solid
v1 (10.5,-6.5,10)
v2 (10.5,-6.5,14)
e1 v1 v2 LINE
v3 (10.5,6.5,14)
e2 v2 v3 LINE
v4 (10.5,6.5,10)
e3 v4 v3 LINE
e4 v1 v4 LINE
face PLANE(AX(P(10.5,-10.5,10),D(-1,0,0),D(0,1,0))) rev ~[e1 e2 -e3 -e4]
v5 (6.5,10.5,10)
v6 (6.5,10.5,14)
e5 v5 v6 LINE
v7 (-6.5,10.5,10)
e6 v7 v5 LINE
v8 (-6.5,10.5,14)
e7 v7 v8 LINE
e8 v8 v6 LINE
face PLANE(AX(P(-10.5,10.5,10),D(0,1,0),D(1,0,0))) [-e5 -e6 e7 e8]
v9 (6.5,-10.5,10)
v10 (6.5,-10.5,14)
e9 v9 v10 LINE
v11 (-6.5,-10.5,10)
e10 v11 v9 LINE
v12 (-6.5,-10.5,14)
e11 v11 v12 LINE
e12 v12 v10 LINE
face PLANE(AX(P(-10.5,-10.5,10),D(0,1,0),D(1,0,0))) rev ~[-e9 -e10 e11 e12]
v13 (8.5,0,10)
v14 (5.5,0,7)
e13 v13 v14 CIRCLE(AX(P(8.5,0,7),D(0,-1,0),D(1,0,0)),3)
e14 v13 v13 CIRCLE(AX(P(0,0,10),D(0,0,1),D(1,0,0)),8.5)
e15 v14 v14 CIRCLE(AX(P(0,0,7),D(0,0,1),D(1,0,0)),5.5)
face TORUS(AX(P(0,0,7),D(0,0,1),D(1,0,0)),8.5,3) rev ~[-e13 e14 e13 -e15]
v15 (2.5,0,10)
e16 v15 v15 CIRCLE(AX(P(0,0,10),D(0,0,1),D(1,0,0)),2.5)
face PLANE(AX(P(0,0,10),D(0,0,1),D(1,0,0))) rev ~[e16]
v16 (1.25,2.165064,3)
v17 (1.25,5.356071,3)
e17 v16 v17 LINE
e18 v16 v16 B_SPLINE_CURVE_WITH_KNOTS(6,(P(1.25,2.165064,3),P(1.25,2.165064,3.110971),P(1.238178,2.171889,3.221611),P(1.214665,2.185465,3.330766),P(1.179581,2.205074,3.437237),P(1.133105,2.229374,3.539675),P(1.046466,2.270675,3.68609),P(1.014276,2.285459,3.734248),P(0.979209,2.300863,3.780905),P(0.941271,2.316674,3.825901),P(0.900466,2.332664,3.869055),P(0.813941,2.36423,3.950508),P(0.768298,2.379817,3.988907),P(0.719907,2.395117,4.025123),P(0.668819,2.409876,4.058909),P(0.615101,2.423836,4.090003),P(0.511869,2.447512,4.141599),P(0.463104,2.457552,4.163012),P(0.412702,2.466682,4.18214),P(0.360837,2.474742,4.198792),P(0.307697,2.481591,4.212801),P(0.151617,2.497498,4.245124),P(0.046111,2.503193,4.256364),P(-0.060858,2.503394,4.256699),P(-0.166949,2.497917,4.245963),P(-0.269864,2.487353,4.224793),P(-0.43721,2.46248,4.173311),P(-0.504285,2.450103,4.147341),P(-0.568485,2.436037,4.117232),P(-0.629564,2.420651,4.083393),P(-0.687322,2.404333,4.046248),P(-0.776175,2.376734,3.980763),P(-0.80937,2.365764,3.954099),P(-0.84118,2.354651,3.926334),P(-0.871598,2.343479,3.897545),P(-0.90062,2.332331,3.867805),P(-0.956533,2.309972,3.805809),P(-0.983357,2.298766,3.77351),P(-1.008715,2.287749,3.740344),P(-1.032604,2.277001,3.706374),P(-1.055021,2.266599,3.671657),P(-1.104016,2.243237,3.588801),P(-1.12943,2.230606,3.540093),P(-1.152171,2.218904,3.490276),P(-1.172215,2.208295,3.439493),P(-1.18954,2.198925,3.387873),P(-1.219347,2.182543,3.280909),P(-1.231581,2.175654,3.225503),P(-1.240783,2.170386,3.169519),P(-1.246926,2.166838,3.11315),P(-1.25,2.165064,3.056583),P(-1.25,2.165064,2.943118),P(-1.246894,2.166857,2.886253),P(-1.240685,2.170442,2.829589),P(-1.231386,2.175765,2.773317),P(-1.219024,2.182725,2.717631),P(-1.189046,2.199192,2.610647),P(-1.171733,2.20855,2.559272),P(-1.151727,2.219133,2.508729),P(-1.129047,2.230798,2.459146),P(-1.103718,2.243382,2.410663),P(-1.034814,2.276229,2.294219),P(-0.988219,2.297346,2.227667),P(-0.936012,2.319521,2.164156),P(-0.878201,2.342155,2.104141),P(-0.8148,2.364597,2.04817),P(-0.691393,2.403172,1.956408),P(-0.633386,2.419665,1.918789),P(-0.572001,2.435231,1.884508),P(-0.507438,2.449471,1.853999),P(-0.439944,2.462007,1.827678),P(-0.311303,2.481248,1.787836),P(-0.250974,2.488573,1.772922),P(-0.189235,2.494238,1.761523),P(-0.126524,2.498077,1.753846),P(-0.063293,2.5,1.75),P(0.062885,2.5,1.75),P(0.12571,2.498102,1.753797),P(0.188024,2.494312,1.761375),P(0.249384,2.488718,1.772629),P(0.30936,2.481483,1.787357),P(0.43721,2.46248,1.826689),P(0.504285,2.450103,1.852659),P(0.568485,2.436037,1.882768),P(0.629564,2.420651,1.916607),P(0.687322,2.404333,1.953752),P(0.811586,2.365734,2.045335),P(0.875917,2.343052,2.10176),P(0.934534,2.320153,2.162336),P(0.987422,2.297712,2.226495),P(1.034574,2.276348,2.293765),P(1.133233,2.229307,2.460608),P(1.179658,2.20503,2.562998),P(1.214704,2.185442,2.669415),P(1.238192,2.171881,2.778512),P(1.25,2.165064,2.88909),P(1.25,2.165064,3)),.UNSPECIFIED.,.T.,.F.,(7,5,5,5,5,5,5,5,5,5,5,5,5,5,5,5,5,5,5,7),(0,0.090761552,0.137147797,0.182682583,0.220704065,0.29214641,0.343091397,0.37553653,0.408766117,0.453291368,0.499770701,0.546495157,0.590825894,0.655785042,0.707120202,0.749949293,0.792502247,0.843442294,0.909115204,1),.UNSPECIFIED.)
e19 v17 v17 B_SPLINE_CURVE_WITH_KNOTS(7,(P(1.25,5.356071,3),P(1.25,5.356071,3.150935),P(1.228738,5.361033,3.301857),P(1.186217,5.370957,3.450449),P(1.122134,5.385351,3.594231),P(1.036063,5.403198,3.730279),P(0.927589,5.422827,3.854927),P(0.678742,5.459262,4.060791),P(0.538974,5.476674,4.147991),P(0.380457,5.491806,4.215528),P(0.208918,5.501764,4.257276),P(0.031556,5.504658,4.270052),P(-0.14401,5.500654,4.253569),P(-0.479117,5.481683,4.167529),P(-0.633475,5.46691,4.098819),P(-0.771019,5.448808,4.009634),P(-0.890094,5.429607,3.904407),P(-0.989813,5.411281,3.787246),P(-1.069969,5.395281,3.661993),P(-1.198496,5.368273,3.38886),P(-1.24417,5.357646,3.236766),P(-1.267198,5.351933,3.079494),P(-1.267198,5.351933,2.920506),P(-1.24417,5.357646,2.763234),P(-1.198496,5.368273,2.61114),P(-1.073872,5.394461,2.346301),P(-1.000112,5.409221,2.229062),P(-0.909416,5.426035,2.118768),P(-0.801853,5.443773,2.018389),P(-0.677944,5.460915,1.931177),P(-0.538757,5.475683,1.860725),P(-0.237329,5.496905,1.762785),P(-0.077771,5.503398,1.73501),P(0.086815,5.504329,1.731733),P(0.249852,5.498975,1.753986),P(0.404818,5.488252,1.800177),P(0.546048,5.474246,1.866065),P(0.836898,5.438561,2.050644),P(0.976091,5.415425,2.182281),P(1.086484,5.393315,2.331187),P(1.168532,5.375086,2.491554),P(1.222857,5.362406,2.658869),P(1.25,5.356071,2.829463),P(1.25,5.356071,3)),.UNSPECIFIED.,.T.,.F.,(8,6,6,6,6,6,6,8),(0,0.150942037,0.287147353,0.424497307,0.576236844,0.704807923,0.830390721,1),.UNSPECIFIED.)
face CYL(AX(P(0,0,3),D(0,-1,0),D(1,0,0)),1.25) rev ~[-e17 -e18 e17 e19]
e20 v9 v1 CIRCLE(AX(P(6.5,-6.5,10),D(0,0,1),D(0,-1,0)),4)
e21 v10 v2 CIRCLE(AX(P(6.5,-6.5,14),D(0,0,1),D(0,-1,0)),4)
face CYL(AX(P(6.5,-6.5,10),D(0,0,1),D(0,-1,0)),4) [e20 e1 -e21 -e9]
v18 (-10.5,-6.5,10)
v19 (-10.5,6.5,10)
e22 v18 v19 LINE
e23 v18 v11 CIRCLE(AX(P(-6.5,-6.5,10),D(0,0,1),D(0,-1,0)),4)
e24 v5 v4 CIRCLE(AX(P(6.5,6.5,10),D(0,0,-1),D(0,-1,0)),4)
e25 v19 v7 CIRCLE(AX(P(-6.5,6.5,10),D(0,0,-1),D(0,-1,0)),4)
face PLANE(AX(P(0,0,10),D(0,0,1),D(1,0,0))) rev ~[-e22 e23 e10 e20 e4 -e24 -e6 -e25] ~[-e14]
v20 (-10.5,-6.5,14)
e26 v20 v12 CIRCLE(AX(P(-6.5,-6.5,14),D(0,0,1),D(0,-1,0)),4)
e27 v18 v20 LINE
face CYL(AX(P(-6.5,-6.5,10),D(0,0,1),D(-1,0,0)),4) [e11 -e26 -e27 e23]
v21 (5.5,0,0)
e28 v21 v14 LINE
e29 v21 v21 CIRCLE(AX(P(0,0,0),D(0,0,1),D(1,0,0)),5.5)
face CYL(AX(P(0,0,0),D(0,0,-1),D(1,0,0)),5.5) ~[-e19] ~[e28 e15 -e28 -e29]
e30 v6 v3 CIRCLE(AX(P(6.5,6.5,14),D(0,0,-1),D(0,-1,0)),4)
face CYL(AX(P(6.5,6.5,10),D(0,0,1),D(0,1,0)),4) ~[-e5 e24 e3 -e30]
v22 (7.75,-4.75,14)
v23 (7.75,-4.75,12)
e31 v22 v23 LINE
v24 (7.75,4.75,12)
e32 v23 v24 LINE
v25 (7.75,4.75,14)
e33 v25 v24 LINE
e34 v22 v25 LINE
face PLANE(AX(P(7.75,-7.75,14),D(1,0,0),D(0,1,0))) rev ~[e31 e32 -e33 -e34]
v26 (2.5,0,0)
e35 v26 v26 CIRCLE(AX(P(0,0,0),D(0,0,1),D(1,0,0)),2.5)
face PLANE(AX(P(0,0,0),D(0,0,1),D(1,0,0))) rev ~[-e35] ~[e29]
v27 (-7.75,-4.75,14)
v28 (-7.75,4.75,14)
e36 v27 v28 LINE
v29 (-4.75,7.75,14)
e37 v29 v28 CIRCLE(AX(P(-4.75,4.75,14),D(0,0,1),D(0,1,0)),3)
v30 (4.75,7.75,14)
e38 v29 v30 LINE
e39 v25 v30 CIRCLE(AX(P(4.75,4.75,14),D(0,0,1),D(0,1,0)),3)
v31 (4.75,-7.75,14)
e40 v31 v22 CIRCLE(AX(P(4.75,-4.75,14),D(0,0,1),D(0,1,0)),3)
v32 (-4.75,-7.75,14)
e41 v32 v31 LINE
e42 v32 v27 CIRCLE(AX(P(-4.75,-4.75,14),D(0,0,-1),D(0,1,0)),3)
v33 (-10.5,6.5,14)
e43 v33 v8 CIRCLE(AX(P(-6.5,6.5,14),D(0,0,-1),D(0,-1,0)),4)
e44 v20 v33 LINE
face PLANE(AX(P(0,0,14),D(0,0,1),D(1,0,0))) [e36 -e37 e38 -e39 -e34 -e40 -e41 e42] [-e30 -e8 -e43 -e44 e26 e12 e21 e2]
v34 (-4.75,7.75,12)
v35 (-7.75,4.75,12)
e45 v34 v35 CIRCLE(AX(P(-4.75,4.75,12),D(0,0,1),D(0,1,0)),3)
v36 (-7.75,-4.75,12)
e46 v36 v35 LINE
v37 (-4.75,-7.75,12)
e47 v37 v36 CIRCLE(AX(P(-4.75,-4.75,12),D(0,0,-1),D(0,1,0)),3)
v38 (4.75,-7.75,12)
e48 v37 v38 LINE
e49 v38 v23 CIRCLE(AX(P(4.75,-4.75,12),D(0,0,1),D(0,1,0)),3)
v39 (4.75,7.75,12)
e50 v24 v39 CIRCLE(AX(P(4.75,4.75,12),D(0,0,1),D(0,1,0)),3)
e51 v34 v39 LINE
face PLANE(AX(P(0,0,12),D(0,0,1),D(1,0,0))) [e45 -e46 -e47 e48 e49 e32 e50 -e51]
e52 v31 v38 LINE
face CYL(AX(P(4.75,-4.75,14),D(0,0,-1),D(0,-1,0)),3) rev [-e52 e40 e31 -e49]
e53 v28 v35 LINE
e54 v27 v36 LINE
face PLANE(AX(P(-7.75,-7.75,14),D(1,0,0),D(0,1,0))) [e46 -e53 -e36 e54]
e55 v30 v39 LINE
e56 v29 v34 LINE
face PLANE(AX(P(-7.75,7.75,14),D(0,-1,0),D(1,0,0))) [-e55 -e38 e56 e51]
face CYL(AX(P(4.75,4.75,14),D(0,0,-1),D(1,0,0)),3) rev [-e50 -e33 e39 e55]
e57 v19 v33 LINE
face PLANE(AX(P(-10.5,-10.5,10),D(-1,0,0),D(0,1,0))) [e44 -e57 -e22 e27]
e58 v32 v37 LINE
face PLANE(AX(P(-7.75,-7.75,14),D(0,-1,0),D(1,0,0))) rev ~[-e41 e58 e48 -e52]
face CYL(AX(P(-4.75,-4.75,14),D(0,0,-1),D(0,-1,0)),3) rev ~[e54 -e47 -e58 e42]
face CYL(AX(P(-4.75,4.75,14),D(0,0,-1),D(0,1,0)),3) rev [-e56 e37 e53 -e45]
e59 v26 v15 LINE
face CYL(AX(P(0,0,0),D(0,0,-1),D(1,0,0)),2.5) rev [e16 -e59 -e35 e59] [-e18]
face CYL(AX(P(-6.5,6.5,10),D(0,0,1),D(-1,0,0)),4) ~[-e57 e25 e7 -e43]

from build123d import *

# Parameters (mm, degrees)
F0_R     = 5.5
F0_R_2   = 2.5
F1_DEPTH = 10
F2_W     = 21
F2_H     = 21
F3_DEPTH = 4
F4_W     = 15.5
F4_H     = 15.5
F5_DEPTH = 2
F6_R     = 4
F7_R     = 1.25
F8_DEPTH = 10
F9_R     = 3


with BuildPart() as f1:
    # F0 (on Top) → F1 (new body)
    with BuildSketch(Plane.XY):
        Circle(F0_R)
        Circle(F0_R_2, mode=Mode.SUBTRACT)
    extrude(amount=F1_DEPTH)

    # F2 (on face) → F3 (join)
    with BuildSketch(Plane.XY.offset(10)):
        Rectangle(F2_W, F2_H)
    extrude(amount=F3_DEPTH)

    # F4 (on face) → F5 (cut)
    with BuildSketch(Plane.XY.offset(14)):
        Rectangle(F4_W, F4_H)
    extrude(amount=-F5_DEPTH, mode=Mode.SUBTRACT)

    # F6
    f6_edges = [f1.edges().sort_by_distance(p)[0] for p in [
        (10.5, 10.5, 12),
        (10.5, -10.5, 12),
        (-10.5, -10.5, 12),
        (-10.5, 10.5, 12),
    ]]
    fillet(f6_edges, radius=F6_R)

    # F7 (on Front) → F8 (cut)
    with BuildSketch(Plane.XZ):
        with Locations((0, 3)):
            Circle(F7_R)
    extrude(amount=-F8_DEPTH, mode=Mode.SUBTRACT)

    # F9
    f9_edges = [f1.edges().sort_by_distance(p)[0] for p in [
        (-7.75, 7.75, 13),
        (7.75, 7.75, 13),
        (-7.75, -7.75, 13),
        (7.75, -7.75, 13),
        (-5.5, 0, 10),
    ]]
    fillet(f9_edges, radius=F9_R)


solid = f1.part
